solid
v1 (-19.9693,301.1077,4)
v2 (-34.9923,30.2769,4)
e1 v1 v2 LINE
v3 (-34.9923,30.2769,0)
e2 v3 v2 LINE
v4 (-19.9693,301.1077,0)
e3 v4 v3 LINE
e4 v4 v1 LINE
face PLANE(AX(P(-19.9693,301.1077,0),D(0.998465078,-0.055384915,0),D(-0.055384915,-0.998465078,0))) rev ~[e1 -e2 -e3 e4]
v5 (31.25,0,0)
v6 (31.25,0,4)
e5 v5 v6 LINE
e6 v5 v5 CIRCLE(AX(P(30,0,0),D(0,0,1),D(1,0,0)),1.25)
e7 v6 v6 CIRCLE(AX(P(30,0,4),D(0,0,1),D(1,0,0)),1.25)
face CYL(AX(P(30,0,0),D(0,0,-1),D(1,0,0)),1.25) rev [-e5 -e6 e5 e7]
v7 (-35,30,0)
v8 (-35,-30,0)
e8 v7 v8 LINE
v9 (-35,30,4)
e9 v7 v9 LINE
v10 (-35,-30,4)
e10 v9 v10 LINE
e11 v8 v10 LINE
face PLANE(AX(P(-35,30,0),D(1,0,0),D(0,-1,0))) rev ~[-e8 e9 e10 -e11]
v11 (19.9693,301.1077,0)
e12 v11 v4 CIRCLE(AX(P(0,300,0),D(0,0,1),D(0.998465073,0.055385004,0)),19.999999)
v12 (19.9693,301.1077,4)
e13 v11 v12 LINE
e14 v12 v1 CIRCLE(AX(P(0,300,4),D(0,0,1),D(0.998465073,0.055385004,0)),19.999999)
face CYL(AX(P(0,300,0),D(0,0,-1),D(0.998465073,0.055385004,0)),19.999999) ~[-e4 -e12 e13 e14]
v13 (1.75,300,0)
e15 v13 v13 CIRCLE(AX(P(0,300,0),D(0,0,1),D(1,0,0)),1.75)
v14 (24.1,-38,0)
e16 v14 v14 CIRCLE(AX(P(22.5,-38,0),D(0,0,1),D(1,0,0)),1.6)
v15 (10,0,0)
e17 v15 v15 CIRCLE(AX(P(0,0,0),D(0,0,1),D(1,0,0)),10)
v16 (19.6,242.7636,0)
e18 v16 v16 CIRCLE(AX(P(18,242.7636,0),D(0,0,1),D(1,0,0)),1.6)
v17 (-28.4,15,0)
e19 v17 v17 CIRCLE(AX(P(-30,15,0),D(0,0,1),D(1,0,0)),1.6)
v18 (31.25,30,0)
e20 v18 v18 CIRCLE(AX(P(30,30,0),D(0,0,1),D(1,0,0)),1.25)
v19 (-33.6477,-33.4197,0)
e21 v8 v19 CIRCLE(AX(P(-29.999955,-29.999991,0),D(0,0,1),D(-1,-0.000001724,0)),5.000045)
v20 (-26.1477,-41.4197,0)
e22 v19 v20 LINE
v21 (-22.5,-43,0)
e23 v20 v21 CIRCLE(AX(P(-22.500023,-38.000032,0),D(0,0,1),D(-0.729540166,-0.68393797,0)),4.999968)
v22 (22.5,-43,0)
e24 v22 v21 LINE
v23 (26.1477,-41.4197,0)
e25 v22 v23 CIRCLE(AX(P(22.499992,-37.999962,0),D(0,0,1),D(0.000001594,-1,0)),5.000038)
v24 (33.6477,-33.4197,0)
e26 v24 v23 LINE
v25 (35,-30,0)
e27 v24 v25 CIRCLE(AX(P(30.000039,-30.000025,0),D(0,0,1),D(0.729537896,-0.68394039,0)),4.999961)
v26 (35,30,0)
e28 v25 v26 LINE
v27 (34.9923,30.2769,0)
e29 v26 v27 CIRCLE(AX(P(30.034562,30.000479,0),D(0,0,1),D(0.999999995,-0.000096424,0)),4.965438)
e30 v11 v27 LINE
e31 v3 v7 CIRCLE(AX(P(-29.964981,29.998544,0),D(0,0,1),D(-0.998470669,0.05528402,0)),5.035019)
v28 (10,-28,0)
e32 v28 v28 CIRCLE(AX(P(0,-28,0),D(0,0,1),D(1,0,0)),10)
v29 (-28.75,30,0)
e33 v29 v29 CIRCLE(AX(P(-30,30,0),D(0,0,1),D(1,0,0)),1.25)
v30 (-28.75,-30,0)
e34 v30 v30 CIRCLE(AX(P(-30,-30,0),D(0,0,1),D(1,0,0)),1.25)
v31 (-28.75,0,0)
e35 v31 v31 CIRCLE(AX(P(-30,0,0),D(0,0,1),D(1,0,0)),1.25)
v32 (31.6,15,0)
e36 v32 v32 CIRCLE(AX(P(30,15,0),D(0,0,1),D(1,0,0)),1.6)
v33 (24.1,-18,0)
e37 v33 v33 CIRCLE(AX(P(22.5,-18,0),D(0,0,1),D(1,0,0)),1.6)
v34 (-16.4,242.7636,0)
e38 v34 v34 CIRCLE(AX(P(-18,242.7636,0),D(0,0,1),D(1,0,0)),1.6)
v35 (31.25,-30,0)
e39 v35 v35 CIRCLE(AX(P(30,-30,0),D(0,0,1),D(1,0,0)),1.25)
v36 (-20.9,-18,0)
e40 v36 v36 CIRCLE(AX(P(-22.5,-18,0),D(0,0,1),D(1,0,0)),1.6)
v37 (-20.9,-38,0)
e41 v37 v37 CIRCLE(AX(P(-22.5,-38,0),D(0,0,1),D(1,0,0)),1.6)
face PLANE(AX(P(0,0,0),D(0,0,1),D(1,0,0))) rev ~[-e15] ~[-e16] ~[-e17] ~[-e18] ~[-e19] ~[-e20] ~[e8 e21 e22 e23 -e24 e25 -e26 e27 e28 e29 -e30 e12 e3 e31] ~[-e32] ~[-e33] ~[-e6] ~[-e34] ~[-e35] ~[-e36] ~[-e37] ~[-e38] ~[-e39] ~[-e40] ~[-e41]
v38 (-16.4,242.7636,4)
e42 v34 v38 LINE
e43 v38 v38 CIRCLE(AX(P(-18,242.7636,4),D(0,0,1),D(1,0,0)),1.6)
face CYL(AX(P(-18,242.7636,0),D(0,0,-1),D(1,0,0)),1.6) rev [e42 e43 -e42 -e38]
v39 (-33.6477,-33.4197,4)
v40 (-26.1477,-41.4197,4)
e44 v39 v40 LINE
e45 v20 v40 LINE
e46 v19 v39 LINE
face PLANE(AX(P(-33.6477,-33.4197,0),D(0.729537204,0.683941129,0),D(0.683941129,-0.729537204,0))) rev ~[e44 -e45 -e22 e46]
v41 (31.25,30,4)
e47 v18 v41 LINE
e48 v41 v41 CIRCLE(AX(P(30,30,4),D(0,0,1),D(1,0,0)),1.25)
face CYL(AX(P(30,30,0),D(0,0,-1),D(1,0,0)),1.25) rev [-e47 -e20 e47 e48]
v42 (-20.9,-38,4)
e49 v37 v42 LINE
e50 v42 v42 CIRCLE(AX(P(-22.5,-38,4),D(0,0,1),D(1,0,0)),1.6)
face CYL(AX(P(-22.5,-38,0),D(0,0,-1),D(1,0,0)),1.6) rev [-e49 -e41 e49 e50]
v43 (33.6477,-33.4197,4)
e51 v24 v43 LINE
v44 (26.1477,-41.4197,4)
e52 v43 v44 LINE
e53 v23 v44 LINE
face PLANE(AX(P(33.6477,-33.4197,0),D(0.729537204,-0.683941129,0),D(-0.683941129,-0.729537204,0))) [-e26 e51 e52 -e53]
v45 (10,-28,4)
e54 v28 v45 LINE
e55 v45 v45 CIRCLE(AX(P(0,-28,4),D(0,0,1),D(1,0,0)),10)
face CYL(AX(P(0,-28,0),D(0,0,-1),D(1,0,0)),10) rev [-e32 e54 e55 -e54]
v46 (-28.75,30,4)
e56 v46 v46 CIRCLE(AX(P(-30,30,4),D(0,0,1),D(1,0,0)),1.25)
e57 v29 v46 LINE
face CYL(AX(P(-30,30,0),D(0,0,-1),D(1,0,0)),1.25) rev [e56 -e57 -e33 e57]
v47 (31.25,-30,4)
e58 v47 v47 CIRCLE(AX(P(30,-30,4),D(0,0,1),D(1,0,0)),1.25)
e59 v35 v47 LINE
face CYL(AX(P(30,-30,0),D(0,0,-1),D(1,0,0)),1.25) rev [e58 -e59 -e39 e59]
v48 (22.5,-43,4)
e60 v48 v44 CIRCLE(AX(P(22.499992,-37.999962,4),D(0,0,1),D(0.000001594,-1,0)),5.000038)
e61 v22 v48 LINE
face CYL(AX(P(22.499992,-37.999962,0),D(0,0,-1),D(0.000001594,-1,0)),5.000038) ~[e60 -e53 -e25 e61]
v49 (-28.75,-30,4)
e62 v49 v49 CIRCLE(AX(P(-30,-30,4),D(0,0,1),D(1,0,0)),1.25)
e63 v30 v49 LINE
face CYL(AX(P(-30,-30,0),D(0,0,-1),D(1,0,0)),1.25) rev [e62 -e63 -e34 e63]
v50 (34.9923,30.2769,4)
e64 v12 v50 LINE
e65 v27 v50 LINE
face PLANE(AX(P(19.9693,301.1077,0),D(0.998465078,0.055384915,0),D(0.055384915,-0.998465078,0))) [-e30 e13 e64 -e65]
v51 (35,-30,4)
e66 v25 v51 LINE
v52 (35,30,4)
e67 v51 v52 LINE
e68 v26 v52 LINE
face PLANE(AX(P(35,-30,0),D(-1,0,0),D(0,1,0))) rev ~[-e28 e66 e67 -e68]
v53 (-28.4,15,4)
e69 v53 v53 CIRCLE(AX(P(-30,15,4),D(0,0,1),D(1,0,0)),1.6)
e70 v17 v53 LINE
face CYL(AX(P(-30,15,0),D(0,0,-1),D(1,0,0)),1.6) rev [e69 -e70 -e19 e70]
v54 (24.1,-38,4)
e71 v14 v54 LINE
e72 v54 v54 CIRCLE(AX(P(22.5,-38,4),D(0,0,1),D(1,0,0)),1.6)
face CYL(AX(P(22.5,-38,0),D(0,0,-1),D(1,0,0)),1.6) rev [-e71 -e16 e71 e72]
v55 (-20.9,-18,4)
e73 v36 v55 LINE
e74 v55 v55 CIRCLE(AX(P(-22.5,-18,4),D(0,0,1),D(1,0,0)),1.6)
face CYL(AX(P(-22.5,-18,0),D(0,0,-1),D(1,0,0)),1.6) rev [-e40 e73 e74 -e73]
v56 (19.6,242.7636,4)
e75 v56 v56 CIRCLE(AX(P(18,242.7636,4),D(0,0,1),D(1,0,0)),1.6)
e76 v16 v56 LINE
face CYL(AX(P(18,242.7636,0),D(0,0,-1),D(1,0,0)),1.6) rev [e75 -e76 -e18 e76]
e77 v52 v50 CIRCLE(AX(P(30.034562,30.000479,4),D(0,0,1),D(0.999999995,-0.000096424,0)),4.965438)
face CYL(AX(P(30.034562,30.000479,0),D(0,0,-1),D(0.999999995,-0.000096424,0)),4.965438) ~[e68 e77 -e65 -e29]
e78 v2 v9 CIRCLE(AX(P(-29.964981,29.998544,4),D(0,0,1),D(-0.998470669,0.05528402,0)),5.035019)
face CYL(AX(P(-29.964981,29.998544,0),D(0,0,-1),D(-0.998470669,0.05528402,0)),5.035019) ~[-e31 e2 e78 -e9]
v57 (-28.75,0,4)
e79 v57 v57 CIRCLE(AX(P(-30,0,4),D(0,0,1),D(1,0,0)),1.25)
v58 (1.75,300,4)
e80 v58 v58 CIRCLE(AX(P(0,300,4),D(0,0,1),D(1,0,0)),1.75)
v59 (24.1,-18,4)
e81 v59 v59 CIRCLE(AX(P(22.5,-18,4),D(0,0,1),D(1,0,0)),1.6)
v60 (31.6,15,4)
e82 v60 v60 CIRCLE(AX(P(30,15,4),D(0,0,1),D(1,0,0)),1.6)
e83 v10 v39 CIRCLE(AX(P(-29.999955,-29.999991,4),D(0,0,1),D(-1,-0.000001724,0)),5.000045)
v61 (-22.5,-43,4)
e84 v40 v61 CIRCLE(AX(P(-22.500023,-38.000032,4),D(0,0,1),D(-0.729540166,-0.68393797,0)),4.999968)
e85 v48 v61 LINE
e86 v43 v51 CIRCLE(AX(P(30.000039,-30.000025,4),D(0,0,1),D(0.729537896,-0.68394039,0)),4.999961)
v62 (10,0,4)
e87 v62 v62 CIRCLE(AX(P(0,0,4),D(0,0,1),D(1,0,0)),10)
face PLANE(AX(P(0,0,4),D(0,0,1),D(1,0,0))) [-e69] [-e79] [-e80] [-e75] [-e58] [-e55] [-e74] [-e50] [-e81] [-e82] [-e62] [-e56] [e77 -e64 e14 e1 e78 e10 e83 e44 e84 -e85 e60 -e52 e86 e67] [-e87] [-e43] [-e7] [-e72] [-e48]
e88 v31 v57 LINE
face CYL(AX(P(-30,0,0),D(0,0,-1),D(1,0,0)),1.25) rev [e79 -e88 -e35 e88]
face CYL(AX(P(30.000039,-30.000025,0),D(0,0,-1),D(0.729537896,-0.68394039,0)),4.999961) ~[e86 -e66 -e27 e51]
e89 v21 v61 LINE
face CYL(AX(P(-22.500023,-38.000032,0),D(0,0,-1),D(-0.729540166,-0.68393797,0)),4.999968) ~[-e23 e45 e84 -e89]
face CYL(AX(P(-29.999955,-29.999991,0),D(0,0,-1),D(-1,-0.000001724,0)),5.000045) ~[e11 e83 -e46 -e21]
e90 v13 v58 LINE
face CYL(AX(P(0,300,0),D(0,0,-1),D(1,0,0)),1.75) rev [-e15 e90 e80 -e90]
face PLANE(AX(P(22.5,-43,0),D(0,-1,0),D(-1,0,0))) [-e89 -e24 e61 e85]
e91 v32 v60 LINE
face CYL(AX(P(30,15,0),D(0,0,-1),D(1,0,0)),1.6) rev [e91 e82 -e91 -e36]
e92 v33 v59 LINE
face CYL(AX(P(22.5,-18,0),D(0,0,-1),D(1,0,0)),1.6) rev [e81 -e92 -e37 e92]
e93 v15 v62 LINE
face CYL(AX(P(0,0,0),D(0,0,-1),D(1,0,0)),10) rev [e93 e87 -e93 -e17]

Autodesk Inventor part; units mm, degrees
ref_plane "YZ Plane" through (0, 0, 0) normal (1, 0, 0) x (0, 1, 0)
ref_plane "XZ Plane" through (0, 0, 0) normal (0, 1, 0) x (-1, 0, 0)
ref_plane "XY Plane" through (0, 0, 0) normal (0, 0, 1) x (1, 0, 0)
sketch "スケッチ1" plane through (0, 0, 0) normal (0, 0, 1) x (1, 0, 0)
  circle A0 centre (0, 0) radius 10
  circle A1 centre (0, 0) radius 50 construction
  circle A2 centre (0, -28) radius 11.9375 construction
  circle A3 centre (-0.2119, 34.8748) radius 11.9375 construction
  circle A4 centre (0, -28) radius 15.9375 construction
  circle A5 centre (0, 0) radius 4 construction
  circle A6 centre (0, -28) radius 22.5 construction
  circle A7 centre (0, 300) radius 5 construction
  circle A8 centre (0, 300) radius 47.7465 construction
  line L0 (47.4611, 294.7873) -> (11.8661, -29.3033) construction
  line L1 (-47.4611, 294.7873) -> (-11.8661, -29.3033) construction
  circle A9 centre (-0.2119, 34.8748) radius 19.25 construction
  line L2 (-12.0776, 316.763) -> (11.6547, 316.763) construction
  line L3 (-22.6185, -92.0395) -> (22.1946, -92.0395) construction
  line L4 (22.5, -18) -> (-22.5, -18) construction
  line L5 (-22.5, -18) -> (-22.5, -38) construction
  line L6 (-22.5, -38) -> (22.5, -38) construction
  line L7 (22.5, -38) -> (22.5, -18) construction
  line L8 (22.5, -18) -> (-22.5, -38) construction
  line L9 (-22.5, -18) -> (22.5, -38) construction
  circle A10 centre (-22.5, -18) radius 1.6
  circle A11 centre (22.5, -18) radius 1.6
  circle A12 centre (22.5, -38) radius 1.6
  circle A13 centre (-22.5, -38) radius 1.6
  line L10 (30, 30) -> (-30, 30) construction
  line L11 (-30, 30) -> (-30, -30) construction
  line L12 (-30, -30) -> (30, -30) construction
  line L13 (30, -30) -> (30, 30) construction
  line L14 (30, 30) -> (-30, -30) construction
  line L15 (-30, 30) -> (30, -30) construction
  circle A14 centre (-30, 30) radius 1.25
  circle A15 centre (30, 30) radius 1.25
  circle A16 centre (30, -30) radius 1.25
  circle A17 centre (-30, -30) radius 1.25
  circle A18 centre (0, -28) radius 10
  circle A19 centre (0, 300) radius 1.75
  arc A20 (35, 30) -> (34.9923, 30.2769) centre (30, 30) ccw
  arc A21 (33.6477, -33.4197) -> (35, -30) centre (30, -30) ccw
  arc A22 (22.5, -43) -> (26.1477, -41.4197) centre (22.5, -38) ccw
  arc A23 (-26.1477, -41.4197) -> (-22.5, -43) centre (-22.5, -38) ccw
  arc A24 (-35, -30) -> (-33.6477, -33.4197) centre (-30, -30) ccw
  arc A25 (-34.9923, 30.2769) -> (-35, 30) centre (-30, 30) ccw
  arc A26 (19.9693, 301.1077) -> (-19.9693, 301.1077) centre (0, 300) ccw
  line L16 (-19.9693, 301.1077) -> (-34.9923, 30.2769)
  line L17 (-33.6477, -33.4197) -> (-26.1477, -41.4197)
  line L18 (19.9693, 301.1077) -> (34.9923, 30.2769)
  line L19 (33.6477, -33.4197) -> (26.1477, -41.4197)
  line L20 (22.5, -43) -> (-22.5, -43)
  circle A27 centre (-30, 0) radius 1.25
  circle A28 centre (30, 0) radius 1.25
  line L21 (-35, 30) -> (-35, -30)
  line L22 (35, -30) -> (35, 30)
  circle A29 centre (-30, 15) radius 1.6
  circle A30 centre (30, 15) radius 1.6
  circle A31 centre (-18, 242.7636) radius 1.6
  circle A32 centre (18, 242.7636) radius 1.6
  circle A33 centre (0, 300) radius 60 construction
  point P0 (0, 0)
  dimension "d0" = 20
  dimension "d1" = 100
  dimension "d11" = 23.875
  dimension "d12" = 23.875
  dimension "d16" = 8
  dimension "d17" = 45
  dimension "d18" = 28
  dimension "d19" = 4
  dimension "d26" = 10
  dimension "d27" = 300
  dimension "d28" = 95.493
  dimension "d30" = 38.5
  dimension "d36" = 45
  dimension "d37" = 20
  dimension "d38" = 3.2
  dimension "d39" = 3.2
  dimension "d40" = 3.2
  dimension "d41" = 3.2
  dimension "d46" = 60
  dimension "d47" = 60
  dimension "d48" = 2.5
  dimension "d49" = 2.5
  dimension "d50" = 2.5
  dimension "d51" = 2.5
  dimension "d52" = 20
  dimension "d53" = 3.5
  dimension "d55" = 5
  dimension "d56" = 5
  dimension "d57" = 20
  dimension "d58" = 5
  dimension "d59" = 5
  dimension "d60" = 5
  dimension "d61" = 5
  dimension "d64" = 2.5
  dimension "d65" = 2.5
  dimension "d66" = 3.2
  dimension "d67" = 3.2
  dimension "d68" = 15
  dimension "d69" = 3.2
  dimension "d70" = 3.2
  dimension "d71" = 120
  dimension "d72" = 36
extrude "押し出し2" add sketch "スケッチ1" along normal blind 4
properties part number "関節3_側板1" material "アルミニウム 6061"
